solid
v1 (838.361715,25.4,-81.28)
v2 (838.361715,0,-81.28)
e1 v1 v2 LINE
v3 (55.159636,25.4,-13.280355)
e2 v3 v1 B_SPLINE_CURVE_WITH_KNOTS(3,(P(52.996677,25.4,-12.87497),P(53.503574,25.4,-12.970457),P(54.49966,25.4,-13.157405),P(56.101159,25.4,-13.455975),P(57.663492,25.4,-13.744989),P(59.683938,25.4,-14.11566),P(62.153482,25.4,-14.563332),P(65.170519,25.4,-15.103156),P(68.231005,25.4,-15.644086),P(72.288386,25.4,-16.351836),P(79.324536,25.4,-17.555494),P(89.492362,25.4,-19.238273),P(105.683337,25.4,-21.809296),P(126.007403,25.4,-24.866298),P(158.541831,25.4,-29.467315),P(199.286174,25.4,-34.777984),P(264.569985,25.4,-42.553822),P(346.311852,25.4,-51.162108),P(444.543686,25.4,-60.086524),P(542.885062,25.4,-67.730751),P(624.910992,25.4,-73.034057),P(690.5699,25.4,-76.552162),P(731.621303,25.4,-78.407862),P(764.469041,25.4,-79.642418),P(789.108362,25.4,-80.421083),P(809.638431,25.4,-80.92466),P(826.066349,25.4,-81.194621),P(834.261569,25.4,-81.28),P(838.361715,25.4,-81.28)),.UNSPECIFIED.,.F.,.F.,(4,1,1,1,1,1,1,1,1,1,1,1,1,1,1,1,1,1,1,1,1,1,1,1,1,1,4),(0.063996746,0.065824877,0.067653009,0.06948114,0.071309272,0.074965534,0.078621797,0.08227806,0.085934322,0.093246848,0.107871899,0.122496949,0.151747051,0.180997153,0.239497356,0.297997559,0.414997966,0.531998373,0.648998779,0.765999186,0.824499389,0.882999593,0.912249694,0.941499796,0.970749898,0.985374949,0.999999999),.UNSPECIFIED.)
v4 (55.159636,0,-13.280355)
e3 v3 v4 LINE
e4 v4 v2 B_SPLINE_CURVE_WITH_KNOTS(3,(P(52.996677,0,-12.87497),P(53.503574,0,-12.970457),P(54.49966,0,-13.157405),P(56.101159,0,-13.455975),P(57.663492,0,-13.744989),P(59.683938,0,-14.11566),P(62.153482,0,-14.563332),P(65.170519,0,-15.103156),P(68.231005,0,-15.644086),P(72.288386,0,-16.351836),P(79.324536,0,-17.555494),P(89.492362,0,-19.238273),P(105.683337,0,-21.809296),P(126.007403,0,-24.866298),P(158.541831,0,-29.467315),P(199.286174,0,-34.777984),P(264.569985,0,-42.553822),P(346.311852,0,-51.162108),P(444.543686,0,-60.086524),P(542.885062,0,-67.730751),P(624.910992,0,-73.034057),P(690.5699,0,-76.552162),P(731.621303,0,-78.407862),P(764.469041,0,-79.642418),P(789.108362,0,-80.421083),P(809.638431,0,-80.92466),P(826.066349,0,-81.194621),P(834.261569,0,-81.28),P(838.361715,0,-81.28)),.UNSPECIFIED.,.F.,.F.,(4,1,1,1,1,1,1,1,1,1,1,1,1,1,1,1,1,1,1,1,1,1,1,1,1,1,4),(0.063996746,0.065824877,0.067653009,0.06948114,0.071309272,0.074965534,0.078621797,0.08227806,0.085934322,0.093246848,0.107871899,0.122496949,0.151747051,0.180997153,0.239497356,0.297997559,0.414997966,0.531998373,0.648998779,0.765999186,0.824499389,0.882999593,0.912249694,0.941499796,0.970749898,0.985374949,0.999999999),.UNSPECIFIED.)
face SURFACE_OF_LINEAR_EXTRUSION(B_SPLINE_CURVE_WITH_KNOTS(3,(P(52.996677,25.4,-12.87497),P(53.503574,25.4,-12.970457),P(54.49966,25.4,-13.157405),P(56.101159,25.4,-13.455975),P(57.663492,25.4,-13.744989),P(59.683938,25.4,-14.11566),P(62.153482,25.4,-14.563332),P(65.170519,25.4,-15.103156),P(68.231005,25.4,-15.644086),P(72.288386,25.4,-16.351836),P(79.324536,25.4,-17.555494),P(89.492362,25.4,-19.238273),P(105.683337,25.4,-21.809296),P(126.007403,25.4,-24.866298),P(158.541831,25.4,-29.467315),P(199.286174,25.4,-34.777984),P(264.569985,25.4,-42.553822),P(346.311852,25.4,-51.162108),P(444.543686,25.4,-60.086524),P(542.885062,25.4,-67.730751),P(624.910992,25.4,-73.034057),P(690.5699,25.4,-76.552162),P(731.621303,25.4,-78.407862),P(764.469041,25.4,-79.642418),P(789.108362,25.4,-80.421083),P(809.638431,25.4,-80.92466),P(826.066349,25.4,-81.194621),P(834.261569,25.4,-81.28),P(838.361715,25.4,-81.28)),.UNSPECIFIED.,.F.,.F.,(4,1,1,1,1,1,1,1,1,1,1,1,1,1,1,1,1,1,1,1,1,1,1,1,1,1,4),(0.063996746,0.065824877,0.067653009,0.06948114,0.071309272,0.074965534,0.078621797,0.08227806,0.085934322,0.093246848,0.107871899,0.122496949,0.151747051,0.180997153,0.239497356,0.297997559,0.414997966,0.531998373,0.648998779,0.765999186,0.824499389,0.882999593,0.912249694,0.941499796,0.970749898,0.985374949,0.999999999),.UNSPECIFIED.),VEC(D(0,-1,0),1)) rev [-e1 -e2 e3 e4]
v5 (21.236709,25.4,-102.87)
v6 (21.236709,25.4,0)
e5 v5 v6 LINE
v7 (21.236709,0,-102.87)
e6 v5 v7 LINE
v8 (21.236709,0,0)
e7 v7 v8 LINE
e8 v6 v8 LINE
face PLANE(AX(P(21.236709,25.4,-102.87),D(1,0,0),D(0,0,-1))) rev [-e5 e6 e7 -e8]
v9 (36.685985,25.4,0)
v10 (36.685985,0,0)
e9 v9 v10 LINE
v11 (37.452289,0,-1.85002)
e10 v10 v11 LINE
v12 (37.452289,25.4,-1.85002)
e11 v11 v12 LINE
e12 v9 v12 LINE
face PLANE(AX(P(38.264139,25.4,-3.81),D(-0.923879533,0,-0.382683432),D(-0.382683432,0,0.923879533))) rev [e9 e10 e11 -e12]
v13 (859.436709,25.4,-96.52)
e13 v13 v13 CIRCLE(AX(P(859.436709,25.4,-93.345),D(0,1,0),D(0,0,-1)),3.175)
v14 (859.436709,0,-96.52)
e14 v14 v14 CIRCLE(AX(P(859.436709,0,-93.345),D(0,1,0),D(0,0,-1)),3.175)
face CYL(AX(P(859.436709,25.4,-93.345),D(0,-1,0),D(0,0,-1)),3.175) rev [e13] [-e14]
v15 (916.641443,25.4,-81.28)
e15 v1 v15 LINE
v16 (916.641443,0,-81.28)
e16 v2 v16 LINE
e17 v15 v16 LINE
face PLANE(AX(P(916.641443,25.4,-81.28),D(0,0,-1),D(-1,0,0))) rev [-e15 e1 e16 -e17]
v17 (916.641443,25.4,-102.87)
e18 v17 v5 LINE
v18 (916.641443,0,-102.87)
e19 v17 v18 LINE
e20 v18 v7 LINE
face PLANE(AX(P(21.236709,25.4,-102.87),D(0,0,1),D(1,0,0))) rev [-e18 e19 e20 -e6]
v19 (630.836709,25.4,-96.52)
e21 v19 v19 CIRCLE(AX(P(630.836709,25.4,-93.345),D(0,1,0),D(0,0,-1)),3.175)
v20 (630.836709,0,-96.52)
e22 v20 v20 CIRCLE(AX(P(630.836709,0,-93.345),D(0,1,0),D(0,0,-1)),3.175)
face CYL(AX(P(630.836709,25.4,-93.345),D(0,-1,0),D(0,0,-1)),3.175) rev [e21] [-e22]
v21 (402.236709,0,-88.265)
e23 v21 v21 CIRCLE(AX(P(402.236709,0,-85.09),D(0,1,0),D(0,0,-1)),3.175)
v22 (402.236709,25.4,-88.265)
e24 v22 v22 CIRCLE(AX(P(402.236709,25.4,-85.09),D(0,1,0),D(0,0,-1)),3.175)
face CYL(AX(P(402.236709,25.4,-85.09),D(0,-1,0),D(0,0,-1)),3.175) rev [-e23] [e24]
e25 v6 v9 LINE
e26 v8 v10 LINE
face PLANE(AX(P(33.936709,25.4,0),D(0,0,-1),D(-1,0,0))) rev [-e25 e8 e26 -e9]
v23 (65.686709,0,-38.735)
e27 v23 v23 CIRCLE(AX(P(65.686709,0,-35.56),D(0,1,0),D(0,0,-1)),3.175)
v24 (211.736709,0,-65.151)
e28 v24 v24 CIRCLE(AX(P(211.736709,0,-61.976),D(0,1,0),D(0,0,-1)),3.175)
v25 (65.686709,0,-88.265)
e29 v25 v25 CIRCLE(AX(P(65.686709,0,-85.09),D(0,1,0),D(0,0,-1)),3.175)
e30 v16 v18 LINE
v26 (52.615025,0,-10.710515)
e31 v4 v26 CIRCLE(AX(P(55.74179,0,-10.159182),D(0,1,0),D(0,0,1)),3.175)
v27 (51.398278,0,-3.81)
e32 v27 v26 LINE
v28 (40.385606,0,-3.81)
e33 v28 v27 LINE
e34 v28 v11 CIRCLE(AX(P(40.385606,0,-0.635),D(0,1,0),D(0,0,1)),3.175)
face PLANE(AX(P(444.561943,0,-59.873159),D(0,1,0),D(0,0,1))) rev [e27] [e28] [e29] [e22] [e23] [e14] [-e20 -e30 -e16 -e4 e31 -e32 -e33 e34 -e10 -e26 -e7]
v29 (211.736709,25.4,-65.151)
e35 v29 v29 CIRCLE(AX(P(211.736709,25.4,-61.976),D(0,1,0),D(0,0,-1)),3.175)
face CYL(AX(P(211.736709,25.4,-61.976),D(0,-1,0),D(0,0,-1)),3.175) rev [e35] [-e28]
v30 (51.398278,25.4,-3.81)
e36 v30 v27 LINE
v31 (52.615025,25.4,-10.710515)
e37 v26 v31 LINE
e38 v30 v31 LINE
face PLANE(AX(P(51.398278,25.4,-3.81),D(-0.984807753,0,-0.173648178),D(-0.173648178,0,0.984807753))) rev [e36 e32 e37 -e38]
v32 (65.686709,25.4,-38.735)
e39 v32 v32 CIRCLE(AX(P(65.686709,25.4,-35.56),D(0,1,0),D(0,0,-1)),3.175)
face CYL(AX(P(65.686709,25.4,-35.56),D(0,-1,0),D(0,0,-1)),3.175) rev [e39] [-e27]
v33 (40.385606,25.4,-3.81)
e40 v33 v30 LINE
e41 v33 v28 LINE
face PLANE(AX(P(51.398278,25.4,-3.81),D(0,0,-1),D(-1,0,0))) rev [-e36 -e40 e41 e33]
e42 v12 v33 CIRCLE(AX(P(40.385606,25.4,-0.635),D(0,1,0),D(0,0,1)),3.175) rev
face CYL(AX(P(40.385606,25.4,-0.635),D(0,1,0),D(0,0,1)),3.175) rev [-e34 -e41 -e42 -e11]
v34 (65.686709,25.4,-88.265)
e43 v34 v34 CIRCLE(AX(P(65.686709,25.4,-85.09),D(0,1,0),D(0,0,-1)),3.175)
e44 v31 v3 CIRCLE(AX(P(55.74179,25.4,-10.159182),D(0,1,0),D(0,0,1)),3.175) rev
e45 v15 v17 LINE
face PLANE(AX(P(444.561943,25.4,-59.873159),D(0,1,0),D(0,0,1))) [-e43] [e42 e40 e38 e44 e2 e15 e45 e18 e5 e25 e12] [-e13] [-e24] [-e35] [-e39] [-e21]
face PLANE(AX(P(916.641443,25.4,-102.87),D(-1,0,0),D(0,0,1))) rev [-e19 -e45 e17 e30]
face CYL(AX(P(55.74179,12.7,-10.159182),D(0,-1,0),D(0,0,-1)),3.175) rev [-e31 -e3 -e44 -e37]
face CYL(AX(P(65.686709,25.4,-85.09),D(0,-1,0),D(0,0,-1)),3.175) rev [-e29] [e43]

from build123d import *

# Parameters (mm, degrees)
SKETCH1_R           = 3.175
BOSS_EXTRUDE1_DEPTH = 25.4
FILLET1_R           = 3.175


with BuildPart() as part:
    # Sketch1 (on Top Plane) → Boss-Extrude1 (new body)
    with BuildSketch(Plane(origin=(0, 0, 0), x_dir=(1, 0, 0), z_dir=(0, 1, 0))):
        with BuildLine():
            Line((21.236708827, 102.87), (21.236708827, 0))
            Line((21.236708827, 0), (33.93670901, 0))
            Line((33.93670901, 0), (36.685985199, 0))
            Line((36.685985199, 0), (38.264138871, 3.81))
            Line((38.264138871, 3.81), (51.398278194, 3.81))
            Line((51.398278194, 3.81), (52.996677053, 12.874970388))
            add(Edge.make_bspline(
                [(52.996677053, 12.874970388), (53.503573659, 12.970456896), (54.499660255, 13.157404611), (56.101158607, 13.455975027), (57.663492356, 13.744988885), (59.683937793, 14.115659666), (62.15348224, 14.563331695), (65.170518963, 15.103156387), (68.231004621, 15.644086126), (72.288386319, 16.351836474), (79.324536107, 17.555493521), (89.492362091, 19.238273344), (105.683337087, 21.809296224), (126.007402708, 24.866297862), (158.54183076, 29.467314799), (199.286173571, 34.777983678), (264.569984849, 42.553821851), (346.311852481, 51.162108318), (444.543686218, 60.086524235), (542.885062348, 67.730751053), (624.910991839, 73.034056624), (690.569900499, 76.552162095), (731.621303417, 78.407861838), (764.4690412, 79.64241837), (789.108361632, 80.421082634), (809.63843083, 80.924660048), (826.066348864, 81.194620604), (834.261568503, 81.28), (838.361715067, 81.28)],
                knots=[0.063996746, 0.063996746, 0.063996746, 0.063996746, 0.065824877, 0.067653009, 0.06948114, 0.071309272, 0.074965534, 0.078621797, 0.08227806, 0.085934322, 0.093246848, 0.107871899, 0.122496949, 0.151747051, 0.180997153, 0.239497356, 0.297997559, 0.414997966, 0.531998373, 0.648998779, 0.765999186, 0.824499389, 0.882999593, 0.912249694, 0.941499796, 0.970749898, 0.985374949, 0.999999999, 0.999999999, 0.999999999, 0.999999999], degree=3))
            Line((838.361715067, 81.28), (889.161715067, 81.28))
            Line((889.161715067, 81.28), (916.641442525, 81.28))
            Line((916.641442525, 81.28), (916.641442525, 83.82))
            Line((916.641442525, 83.82), (916.641442525, 102.87))
            Line((916.641442525, 102.87), (21.236708827, 102.87))
        make_face()
        with Locations(Location((859.436708827, 93.345, 0), (0, 0, 90))):
            Circle(SKETCH1_R, mode=Mode.SUBTRACT)
        with Locations(Location((65.686708827, 85.09, 0), (0, 0, 90))):
            Circle(SKETCH1_R, mode=Mode.SUBTRACT)
        with Locations(Location((211.736708827, 61.976, 0), (0, 0, 90))):
            Circle(SKETCH1_R, mode=Mode.SUBTRACT)
        with Locations(Location((630.836708827, 93.345, 0), (0, 0, 90))):
            Circle(SKETCH1_R, mode=Mode.SUBTRACT)
        with Locations(Location((402.236708827, 85.09, 0), (0, 0, 90))):
            Circle(SKETCH1_R, mode=Mode.SUBTRACT)
        with Locations(Location((65.686708827, 35.56, 0), (0, 0, 90))):
            Circle(SKETCH1_R, mode=Mode.SUBTRACT)
    extrude(amount=BOSS_EXTRUDE1_DEPTH)

    # Fillet1
    fillet1_edges = [part.edges().sort_by_distance(p)[0] for p in [
        (52.996677053, 12.7, -12.874970388),
        (38.264138871, 12.7, -3.81),
    ]]
    fillet(fillet1_edges, radius=FILLET1_R)


solid = part.part
